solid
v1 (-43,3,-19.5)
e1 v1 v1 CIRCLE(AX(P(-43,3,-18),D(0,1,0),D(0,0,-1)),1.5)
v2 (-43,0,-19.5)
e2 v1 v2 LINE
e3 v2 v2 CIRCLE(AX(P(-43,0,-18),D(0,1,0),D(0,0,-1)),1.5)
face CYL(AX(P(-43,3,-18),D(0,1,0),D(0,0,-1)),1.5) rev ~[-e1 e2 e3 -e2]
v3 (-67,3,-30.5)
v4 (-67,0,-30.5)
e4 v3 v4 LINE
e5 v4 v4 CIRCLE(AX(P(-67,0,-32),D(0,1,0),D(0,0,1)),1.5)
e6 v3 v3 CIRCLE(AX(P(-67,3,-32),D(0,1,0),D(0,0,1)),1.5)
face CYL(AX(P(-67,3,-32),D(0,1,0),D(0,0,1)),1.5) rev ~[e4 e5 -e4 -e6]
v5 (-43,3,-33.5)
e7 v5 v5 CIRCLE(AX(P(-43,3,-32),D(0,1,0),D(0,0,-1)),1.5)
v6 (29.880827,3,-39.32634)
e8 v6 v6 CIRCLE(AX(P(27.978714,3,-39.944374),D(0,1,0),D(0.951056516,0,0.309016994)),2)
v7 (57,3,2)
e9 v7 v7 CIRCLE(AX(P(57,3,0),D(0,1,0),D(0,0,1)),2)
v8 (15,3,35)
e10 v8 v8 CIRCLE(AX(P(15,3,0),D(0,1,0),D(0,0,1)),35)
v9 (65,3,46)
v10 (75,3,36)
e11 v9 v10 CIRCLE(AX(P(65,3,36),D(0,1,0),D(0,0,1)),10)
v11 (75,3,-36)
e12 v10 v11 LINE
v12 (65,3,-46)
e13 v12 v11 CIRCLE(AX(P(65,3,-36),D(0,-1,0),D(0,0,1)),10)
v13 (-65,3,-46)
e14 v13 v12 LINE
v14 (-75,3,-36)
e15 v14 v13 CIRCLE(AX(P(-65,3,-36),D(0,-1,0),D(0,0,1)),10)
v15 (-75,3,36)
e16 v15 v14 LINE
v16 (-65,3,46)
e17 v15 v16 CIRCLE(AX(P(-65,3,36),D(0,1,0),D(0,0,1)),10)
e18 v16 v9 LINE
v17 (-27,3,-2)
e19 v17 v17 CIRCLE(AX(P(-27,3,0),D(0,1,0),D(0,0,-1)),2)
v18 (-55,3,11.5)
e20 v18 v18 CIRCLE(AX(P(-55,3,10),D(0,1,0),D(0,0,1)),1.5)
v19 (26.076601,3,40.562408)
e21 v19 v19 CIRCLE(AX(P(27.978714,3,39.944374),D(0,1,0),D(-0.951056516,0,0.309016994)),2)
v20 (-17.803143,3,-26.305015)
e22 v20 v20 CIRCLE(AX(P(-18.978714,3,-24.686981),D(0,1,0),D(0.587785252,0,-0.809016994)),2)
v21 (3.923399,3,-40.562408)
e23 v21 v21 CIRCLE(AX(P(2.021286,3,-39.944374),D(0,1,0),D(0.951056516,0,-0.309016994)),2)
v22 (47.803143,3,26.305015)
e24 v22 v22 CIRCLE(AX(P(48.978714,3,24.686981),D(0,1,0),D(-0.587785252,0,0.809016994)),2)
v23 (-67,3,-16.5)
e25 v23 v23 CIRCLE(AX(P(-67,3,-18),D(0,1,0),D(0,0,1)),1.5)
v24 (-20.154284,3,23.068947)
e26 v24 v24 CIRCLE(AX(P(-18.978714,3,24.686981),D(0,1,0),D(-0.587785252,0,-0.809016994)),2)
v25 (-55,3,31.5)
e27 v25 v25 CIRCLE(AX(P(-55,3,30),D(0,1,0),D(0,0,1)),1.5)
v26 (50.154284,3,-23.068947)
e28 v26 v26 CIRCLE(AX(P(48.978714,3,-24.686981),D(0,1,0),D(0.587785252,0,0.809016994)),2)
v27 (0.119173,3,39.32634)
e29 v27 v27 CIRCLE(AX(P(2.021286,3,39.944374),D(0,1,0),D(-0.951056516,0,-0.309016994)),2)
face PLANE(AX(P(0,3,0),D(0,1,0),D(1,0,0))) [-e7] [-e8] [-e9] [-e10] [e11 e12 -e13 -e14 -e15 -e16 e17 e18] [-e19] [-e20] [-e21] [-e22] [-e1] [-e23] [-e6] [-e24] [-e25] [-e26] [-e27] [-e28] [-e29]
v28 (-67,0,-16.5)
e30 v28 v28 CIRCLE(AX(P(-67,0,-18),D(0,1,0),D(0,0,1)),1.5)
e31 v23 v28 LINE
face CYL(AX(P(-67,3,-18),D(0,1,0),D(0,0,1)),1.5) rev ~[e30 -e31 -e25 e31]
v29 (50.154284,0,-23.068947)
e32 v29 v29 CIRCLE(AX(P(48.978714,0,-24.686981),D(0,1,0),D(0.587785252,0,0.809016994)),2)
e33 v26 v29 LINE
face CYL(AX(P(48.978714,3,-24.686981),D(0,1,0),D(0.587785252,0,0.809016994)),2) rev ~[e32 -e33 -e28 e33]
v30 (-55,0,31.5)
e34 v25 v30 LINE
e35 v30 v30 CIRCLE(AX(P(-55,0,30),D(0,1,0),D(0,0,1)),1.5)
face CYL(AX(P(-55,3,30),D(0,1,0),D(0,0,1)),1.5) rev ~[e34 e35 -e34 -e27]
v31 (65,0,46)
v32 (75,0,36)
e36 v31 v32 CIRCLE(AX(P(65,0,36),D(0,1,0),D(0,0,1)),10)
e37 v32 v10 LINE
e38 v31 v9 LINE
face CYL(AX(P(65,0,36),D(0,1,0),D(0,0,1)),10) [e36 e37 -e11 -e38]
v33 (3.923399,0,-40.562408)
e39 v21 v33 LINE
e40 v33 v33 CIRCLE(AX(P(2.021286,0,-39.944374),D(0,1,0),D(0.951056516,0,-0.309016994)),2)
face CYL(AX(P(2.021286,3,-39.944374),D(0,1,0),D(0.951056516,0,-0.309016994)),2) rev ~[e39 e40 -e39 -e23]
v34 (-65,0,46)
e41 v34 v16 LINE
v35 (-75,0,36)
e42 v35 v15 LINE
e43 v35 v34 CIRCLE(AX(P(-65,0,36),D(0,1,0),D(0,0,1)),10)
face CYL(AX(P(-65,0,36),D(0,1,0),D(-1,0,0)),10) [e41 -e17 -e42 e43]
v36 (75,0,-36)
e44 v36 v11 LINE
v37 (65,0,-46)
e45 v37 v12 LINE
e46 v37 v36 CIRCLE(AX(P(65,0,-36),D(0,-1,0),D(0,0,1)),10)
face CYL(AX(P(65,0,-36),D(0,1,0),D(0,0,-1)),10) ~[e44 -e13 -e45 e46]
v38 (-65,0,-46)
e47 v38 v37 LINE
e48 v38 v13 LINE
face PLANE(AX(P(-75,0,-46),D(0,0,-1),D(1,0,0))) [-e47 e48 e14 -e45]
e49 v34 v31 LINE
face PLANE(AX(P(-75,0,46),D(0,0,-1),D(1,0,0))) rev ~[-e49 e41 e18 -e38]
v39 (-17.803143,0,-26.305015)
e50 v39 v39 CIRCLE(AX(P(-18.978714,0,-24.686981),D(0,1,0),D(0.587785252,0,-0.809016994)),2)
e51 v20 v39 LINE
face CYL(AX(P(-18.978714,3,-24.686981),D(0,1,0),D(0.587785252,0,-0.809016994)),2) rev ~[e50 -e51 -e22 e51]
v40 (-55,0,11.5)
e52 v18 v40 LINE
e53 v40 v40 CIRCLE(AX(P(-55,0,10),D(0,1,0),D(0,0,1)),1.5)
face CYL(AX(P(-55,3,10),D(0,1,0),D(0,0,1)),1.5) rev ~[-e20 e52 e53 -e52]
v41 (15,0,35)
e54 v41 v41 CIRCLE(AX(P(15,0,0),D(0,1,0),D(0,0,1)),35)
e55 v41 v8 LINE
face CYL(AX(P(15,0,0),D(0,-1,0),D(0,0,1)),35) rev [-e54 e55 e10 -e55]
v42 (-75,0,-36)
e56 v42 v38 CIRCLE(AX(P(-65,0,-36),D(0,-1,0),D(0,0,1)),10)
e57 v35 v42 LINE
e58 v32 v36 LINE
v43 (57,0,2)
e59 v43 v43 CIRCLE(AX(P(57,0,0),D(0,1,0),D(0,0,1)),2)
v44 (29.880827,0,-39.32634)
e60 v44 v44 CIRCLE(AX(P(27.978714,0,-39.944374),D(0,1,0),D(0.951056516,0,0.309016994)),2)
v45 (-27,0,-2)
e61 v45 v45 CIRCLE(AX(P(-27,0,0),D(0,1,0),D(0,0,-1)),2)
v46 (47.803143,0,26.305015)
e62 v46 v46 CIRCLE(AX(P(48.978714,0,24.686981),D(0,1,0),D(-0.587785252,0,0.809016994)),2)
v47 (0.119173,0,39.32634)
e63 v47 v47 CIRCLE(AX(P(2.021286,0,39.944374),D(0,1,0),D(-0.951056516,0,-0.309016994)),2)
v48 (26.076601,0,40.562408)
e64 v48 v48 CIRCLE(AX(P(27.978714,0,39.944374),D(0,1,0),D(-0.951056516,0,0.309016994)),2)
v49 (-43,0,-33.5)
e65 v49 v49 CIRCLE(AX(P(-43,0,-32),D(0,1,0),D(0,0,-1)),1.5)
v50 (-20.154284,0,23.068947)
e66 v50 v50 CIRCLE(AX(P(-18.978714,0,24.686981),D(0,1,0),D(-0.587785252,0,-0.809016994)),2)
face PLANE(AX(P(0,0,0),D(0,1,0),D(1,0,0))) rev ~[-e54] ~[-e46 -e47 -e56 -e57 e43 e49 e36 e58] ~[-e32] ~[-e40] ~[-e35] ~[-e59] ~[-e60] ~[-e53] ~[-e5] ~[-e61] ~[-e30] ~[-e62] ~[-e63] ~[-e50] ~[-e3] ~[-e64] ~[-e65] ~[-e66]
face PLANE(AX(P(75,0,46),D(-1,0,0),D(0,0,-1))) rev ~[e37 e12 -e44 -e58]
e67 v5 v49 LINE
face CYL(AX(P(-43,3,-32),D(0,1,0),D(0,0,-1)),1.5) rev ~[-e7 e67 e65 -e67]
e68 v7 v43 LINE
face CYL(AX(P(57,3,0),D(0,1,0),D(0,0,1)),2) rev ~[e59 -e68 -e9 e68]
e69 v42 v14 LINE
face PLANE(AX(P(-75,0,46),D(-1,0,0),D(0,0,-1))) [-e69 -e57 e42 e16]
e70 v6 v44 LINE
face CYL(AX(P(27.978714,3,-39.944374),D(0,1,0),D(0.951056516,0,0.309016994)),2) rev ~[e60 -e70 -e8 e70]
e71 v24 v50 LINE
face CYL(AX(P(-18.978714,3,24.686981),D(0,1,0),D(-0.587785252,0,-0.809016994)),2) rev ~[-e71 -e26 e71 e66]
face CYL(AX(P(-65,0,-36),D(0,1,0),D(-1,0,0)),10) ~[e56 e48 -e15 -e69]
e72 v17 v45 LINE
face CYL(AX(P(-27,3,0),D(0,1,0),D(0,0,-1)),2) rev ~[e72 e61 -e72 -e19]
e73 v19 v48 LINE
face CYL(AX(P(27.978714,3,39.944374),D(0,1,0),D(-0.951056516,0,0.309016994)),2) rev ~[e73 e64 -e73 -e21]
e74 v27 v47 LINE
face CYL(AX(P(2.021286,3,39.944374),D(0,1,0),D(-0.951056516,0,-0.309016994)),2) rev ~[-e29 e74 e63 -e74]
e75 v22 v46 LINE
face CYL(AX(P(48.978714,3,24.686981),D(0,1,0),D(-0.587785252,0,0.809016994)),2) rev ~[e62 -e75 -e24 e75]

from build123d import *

# Parameters (mm, degrees)
SKETCH_1_W               = 150
SKETCH_1_H               = 92
SKETCH_1_R               = 35
EXTRUDE_1_DEPTH          = 3
CUT_EXTRUDE_1_REACH      = 90.034
SKETCH_2_R               = 2
PATTERN_CIRCULAR_1_COUNT = 10
SKETCH_3_R               = 1.5
CUT_EXTRUDE_2_DEPTH      = 3
FILLET_1_R               = 10


with BuildPart() as part:
    # 草圖1 → 填料-伸長1 (new body)
    with BuildSketch(Plane(origin=(0, 0, 0), x_dir=(1, 0, 0), z_dir=(0, 1, 0))):
        Rectangle(SKETCH_1_W, SKETCH_1_H)
        with Locations(Location((15, 0, 0), (0, 0, 270))):
            Circle(SKETCH_1_R, mode=Mode.SUBTRACT)
    extrude(amount=EXTRUDE_1_DEPTH)

    # 草圖2 → 除料-伸長1 (cut, up to next)
    with BuildSketch(Plane(origin=(0, 3, 0), x_dir=(1, 0, 0), z_dir=(0, 1, 0)), mode=Mode.PRIVATE) as cut_extrude_1_sk1:
        with Locations(Location((57, 0, 0), (0, 0, 270))):
            Circle(SKETCH_2_R)
    cut_extrude_1_tool1 = extrude(cut_extrude_1_sk1.sketch, amount=-CUT_EXTRUDE_1_REACH, mode=Mode.PRIVATE) & part.part
    cut_extrude_1 = cut_extrude_1_tool1.solids().sort_by_distance((57, 3, 0))[0]
    add(cut_extrude_1, mode=Mode.SUBTRACT)

    # 環狀複製排列1: 除料-伸長1 ×10 about axis
    pattern_circular_1_axis = Axis((15, 0, 0), (0, 1, 0))
    for i in range(1, PATTERN_CIRCULAR_1_COUNT):
        add(cut_extrude_1.rotate(pattern_circular_1_axis, i * 360 / PATTERN_CIRCULAR_1_COUNT), mode=Mode.SUBTRACT)

    # 草圖3 → 除料-伸長2 (cut)
    with BuildSketch(Plane(origin=(0, 3, 0), x_dir=(1, 0, 0), z_dir=(0, 1, 0))):
        with Locations(Location((-67, 32, 0), (0, 0, 270))):
            Circle(SKETCH_3_R)
        with Locations(Location((-67, 18, 0), (0, 0, 270))):
            Circle(SKETCH_3_R)
        with Locations(Location((-43, 18, 0), (0, 0, 90))):
            Circle(SKETCH_3_R)
        with Locations(Location((-43, 32, 0), (0, 0, 90))):
            Circle(SKETCH_3_R)
        with Locations(Location((-55, -10, 0), (0, 0, 270))):
            Circle(SKETCH_3_R)
        with Locations(Location((-55, -30, 0), (0, 0, 270))):
            Circle(SKETCH_3_R)
    extrude(amount=-CUT_EXTRUDE_2_DEPTH, mode=Mode.SUBTRACT)

    # 圓角1
    fillet_1_edges = [part.edges().sort_by_distance(p)[0] for p in [
        (75, 1.5, 46),
        (-75, 1.5, 46),
        (-75, 1.5, -46),
        (75, 1.5, -46),
    ]]
    fillet(fillet_1_edges, radius=FILLET_1_R)


solid = part.part
